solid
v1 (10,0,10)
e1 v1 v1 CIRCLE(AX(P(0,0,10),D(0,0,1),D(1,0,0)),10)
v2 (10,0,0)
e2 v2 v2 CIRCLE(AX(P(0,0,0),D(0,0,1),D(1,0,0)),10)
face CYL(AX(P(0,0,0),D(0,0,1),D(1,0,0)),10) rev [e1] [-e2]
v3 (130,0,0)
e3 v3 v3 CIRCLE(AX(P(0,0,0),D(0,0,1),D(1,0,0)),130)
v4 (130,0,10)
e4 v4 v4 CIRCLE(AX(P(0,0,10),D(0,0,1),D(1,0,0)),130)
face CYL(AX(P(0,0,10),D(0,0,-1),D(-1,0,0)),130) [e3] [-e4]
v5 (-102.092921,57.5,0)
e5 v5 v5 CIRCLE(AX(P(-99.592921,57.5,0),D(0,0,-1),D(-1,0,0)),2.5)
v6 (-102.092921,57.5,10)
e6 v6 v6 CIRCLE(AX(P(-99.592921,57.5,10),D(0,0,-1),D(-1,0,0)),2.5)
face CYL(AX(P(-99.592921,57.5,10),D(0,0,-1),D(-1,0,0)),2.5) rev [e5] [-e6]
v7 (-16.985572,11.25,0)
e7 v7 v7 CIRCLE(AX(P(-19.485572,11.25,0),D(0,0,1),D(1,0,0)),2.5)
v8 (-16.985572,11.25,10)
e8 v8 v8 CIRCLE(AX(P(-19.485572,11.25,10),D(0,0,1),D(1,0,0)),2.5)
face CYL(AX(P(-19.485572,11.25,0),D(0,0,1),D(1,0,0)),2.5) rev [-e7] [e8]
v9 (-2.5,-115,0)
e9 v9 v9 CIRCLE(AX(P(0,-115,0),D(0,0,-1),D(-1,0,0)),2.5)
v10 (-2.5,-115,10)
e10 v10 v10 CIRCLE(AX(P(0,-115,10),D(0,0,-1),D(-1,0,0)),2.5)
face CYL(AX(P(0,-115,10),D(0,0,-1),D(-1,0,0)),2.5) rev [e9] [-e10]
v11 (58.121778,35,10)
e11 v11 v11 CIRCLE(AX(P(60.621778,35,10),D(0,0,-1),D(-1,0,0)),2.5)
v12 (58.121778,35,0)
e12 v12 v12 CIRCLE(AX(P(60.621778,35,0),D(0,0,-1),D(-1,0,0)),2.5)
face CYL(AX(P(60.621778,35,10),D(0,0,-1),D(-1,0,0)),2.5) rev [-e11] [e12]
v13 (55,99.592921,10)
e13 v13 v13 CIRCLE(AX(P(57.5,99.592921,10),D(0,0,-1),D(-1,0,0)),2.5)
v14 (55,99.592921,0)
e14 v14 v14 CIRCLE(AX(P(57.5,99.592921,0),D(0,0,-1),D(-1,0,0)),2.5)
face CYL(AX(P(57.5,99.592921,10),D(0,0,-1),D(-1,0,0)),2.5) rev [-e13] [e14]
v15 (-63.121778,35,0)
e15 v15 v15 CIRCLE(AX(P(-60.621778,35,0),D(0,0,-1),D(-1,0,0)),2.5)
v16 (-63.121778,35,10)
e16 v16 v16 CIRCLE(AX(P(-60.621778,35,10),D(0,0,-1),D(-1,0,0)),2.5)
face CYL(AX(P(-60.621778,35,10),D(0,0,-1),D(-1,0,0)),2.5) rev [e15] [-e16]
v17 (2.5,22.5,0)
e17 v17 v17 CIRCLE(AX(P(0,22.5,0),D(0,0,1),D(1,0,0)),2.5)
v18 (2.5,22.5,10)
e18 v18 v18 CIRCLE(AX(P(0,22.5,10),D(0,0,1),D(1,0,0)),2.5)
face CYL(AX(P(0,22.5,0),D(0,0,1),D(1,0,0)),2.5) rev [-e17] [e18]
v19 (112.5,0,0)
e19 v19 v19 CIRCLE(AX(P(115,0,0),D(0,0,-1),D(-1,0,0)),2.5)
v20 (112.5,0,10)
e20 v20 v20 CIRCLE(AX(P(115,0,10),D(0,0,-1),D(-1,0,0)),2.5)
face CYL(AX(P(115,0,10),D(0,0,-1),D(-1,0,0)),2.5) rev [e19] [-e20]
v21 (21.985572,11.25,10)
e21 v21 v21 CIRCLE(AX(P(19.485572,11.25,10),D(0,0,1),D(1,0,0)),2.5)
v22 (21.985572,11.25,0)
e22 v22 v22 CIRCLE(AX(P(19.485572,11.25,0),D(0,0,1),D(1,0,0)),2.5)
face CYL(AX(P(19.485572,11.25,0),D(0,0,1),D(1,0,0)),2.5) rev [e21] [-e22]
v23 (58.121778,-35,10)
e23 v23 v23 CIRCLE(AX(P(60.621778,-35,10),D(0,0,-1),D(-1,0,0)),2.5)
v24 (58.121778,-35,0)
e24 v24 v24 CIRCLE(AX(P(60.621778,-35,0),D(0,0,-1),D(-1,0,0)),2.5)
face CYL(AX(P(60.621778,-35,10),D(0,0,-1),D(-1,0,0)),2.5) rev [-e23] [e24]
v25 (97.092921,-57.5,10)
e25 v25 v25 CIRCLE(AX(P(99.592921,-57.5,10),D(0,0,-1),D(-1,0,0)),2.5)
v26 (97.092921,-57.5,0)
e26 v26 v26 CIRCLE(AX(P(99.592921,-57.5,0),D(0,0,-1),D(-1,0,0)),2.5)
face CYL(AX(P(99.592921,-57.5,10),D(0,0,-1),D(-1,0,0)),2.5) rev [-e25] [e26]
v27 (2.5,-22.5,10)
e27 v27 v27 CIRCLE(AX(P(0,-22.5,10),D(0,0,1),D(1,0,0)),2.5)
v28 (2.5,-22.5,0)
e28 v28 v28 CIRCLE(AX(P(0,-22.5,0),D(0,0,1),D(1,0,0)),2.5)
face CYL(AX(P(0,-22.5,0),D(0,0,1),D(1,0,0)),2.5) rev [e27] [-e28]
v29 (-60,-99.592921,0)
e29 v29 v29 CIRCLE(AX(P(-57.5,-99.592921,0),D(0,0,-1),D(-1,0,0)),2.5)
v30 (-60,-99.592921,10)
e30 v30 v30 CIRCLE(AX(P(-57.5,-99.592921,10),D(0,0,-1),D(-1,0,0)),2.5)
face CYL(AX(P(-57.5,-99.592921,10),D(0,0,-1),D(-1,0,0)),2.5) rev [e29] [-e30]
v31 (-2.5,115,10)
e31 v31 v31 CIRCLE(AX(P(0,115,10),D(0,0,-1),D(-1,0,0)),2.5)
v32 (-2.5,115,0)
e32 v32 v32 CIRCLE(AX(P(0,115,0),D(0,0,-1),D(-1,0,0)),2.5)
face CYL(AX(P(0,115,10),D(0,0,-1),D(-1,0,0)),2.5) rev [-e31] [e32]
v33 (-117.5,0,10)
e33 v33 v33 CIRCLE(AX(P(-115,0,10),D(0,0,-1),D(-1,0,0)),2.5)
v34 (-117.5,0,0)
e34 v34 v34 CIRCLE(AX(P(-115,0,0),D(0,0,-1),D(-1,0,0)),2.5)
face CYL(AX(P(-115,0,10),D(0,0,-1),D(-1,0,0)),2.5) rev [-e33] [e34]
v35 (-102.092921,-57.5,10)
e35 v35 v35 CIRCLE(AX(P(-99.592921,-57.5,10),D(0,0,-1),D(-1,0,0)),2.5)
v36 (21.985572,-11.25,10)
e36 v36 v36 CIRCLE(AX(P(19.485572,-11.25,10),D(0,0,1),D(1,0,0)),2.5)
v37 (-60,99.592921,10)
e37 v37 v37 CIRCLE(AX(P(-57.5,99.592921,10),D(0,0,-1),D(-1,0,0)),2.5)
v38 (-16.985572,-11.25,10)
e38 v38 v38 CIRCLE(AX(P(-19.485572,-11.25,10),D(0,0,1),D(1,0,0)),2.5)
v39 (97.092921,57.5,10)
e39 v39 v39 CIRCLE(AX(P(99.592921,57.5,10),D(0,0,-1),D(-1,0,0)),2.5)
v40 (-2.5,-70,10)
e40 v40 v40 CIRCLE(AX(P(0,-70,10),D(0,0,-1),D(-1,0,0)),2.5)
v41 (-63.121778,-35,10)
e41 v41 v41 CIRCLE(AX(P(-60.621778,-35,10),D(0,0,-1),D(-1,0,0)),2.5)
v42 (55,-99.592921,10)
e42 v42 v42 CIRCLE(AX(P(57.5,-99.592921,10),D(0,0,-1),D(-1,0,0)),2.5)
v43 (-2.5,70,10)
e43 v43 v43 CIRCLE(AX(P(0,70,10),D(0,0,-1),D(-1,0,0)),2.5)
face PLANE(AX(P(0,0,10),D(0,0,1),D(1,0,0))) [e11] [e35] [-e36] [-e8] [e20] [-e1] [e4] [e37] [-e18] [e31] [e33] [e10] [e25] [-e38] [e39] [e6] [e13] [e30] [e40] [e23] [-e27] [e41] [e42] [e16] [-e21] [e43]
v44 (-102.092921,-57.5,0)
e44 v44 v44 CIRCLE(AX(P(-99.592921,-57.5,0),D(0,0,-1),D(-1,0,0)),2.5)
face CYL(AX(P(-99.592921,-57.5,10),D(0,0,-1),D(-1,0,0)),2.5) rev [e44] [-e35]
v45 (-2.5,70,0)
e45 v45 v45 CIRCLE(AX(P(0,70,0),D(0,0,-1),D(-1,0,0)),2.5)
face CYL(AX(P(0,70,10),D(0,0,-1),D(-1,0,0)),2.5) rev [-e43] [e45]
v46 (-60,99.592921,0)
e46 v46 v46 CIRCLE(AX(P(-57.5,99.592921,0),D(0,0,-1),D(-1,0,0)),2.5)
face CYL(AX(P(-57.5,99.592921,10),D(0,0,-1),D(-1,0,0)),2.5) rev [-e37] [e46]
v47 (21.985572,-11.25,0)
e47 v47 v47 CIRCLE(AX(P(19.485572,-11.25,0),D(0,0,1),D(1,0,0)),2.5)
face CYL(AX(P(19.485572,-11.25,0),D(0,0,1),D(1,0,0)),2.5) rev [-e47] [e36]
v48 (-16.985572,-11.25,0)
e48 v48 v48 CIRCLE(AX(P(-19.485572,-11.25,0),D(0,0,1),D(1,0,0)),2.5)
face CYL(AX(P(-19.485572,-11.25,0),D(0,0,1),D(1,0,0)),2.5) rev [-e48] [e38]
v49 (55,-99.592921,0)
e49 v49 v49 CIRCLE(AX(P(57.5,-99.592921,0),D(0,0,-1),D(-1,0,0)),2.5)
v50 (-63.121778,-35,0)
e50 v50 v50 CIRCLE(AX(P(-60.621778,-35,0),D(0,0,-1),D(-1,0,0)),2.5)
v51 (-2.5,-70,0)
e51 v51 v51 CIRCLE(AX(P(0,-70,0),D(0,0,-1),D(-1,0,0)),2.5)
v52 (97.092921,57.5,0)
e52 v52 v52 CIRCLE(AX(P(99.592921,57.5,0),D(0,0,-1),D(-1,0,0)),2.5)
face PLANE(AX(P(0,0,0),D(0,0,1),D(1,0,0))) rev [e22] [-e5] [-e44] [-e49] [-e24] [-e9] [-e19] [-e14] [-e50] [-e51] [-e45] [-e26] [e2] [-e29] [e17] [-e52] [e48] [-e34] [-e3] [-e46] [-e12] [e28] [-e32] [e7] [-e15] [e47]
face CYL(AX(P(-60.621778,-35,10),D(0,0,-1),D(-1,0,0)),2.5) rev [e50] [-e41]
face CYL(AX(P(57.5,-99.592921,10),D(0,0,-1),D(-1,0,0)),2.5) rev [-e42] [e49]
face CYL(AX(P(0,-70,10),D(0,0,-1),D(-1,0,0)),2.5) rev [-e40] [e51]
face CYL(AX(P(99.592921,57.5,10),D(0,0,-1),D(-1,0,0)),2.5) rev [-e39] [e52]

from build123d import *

# Parameters (mm, degrees)
SKETCH_1_R          = 130
EXTRUDE_1_DEPTH     = 10
SKETCH_7_R          = 2.5
CUT_EXTRUDE_3_DEPTH = 10
SKETCH_9_R          = 10
CUT_EXTRUDE_5_DEPTH = 185.119526395
SKETCH_10_R         = 2.5
CUT_EXTRUDE_6_DEPTH = 185.119526395


with BuildPart() as part:
    # 草图1 → 凸台-拉伸1 (new body)
    with BuildSketch(Plane.XY):
        Circle(SKETCH_1_R)
    extrude(amount=EXTRUDE_1_DEPTH)

    # 草图7 → 切除-拉伸3 (cut)
    with BuildSketch(Plane(origin=(0, 0, 0), x_dir=(-1, 0, 0), z_dir=(0, 0, -1))):
        with Locations((0, 70)):
            Circle(SKETCH_7_R)
        with Locations((60.621778265, 35)):
            Circle(SKETCH_7_R)
        with Locations((60.621778265, -35)):
            Circle(SKETCH_7_R)
        with Locations((0, -70)):
            Circle(SKETCH_7_R)
        with Locations((-60.621778265, -35)):
            Circle(SKETCH_7_R)
        with Locations((-60.621778265, 35)):
            Circle(SKETCH_7_R)
        with Locations((57.5, 99.592921435)):
            Circle(SKETCH_7_R)
        with Locations((99.592921435, 57.5)):
            Circle(SKETCH_7_R)
        with Locations((115, 0)):
            Circle(SKETCH_7_R)
        with Locations((99.592921435, -57.5)):
            Circle(SKETCH_7_R)
        with Locations((57.5, -99.592921435)):
            Circle(SKETCH_7_R)
        with Locations((0, -115)):
            Circle(SKETCH_7_R)
        with Locations((-57.5, -99.592921435)):
            Circle(SKETCH_7_R)
        with Locations((-99.592921435, -57.5)):
            Circle(SKETCH_7_R)
        with Locations((-115, 0)):
            Circle(SKETCH_7_R)
        with Locations((-99.592921435, 57.5)):
            Circle(SKETCH_7_R)
        with Locations((-57.5, 99.592921435)):
            Circle(SKETCH_7_R)
        with Locations((0, 115)):
            Circle(SKETCH_7_R)
    extrude(amount=-CUT_EXTRUDE_3_DEPTH, mode=Mode.SUBTRACT)

    # 草图9 → 切除-拉伸5 (cut, through all)
    with BuildSketch(Plane.XY.offset(10)):
        Circle(SKETCH_9_R)
    extrude(amount=-CUT_EXTRUDE_5_DEPTH, mode=Mode.SUBTRACT)

    # 草图10 → 切除-拉伸6 (cut, through all)
    with BuildSketch(Plane.XY.offset(10)):
        with Locations((0, 22.5)):
            Circle(SKETCH_10_R)
        with Locations((19.485571585, 11.25)):
            Circle(SKETCH_10_R)
        with Locations((19.485571585, -11.25)):
            Circle(SKETCH_10_R)
        with Locations((0, -22.5)):
            Circle(SKETCH_10_R)
        with Locations((-19.485571585, -11.25)):
            Circle(SKETCH_10_R)
        with Locations((-19.485571585, 11.25)):
            Circle(SKETCH_10_R)
    extrude(amount=-CUT_EXTRUDE_6_DEPTH, mode=Mode.SUBTRACT)


solid = part.part
